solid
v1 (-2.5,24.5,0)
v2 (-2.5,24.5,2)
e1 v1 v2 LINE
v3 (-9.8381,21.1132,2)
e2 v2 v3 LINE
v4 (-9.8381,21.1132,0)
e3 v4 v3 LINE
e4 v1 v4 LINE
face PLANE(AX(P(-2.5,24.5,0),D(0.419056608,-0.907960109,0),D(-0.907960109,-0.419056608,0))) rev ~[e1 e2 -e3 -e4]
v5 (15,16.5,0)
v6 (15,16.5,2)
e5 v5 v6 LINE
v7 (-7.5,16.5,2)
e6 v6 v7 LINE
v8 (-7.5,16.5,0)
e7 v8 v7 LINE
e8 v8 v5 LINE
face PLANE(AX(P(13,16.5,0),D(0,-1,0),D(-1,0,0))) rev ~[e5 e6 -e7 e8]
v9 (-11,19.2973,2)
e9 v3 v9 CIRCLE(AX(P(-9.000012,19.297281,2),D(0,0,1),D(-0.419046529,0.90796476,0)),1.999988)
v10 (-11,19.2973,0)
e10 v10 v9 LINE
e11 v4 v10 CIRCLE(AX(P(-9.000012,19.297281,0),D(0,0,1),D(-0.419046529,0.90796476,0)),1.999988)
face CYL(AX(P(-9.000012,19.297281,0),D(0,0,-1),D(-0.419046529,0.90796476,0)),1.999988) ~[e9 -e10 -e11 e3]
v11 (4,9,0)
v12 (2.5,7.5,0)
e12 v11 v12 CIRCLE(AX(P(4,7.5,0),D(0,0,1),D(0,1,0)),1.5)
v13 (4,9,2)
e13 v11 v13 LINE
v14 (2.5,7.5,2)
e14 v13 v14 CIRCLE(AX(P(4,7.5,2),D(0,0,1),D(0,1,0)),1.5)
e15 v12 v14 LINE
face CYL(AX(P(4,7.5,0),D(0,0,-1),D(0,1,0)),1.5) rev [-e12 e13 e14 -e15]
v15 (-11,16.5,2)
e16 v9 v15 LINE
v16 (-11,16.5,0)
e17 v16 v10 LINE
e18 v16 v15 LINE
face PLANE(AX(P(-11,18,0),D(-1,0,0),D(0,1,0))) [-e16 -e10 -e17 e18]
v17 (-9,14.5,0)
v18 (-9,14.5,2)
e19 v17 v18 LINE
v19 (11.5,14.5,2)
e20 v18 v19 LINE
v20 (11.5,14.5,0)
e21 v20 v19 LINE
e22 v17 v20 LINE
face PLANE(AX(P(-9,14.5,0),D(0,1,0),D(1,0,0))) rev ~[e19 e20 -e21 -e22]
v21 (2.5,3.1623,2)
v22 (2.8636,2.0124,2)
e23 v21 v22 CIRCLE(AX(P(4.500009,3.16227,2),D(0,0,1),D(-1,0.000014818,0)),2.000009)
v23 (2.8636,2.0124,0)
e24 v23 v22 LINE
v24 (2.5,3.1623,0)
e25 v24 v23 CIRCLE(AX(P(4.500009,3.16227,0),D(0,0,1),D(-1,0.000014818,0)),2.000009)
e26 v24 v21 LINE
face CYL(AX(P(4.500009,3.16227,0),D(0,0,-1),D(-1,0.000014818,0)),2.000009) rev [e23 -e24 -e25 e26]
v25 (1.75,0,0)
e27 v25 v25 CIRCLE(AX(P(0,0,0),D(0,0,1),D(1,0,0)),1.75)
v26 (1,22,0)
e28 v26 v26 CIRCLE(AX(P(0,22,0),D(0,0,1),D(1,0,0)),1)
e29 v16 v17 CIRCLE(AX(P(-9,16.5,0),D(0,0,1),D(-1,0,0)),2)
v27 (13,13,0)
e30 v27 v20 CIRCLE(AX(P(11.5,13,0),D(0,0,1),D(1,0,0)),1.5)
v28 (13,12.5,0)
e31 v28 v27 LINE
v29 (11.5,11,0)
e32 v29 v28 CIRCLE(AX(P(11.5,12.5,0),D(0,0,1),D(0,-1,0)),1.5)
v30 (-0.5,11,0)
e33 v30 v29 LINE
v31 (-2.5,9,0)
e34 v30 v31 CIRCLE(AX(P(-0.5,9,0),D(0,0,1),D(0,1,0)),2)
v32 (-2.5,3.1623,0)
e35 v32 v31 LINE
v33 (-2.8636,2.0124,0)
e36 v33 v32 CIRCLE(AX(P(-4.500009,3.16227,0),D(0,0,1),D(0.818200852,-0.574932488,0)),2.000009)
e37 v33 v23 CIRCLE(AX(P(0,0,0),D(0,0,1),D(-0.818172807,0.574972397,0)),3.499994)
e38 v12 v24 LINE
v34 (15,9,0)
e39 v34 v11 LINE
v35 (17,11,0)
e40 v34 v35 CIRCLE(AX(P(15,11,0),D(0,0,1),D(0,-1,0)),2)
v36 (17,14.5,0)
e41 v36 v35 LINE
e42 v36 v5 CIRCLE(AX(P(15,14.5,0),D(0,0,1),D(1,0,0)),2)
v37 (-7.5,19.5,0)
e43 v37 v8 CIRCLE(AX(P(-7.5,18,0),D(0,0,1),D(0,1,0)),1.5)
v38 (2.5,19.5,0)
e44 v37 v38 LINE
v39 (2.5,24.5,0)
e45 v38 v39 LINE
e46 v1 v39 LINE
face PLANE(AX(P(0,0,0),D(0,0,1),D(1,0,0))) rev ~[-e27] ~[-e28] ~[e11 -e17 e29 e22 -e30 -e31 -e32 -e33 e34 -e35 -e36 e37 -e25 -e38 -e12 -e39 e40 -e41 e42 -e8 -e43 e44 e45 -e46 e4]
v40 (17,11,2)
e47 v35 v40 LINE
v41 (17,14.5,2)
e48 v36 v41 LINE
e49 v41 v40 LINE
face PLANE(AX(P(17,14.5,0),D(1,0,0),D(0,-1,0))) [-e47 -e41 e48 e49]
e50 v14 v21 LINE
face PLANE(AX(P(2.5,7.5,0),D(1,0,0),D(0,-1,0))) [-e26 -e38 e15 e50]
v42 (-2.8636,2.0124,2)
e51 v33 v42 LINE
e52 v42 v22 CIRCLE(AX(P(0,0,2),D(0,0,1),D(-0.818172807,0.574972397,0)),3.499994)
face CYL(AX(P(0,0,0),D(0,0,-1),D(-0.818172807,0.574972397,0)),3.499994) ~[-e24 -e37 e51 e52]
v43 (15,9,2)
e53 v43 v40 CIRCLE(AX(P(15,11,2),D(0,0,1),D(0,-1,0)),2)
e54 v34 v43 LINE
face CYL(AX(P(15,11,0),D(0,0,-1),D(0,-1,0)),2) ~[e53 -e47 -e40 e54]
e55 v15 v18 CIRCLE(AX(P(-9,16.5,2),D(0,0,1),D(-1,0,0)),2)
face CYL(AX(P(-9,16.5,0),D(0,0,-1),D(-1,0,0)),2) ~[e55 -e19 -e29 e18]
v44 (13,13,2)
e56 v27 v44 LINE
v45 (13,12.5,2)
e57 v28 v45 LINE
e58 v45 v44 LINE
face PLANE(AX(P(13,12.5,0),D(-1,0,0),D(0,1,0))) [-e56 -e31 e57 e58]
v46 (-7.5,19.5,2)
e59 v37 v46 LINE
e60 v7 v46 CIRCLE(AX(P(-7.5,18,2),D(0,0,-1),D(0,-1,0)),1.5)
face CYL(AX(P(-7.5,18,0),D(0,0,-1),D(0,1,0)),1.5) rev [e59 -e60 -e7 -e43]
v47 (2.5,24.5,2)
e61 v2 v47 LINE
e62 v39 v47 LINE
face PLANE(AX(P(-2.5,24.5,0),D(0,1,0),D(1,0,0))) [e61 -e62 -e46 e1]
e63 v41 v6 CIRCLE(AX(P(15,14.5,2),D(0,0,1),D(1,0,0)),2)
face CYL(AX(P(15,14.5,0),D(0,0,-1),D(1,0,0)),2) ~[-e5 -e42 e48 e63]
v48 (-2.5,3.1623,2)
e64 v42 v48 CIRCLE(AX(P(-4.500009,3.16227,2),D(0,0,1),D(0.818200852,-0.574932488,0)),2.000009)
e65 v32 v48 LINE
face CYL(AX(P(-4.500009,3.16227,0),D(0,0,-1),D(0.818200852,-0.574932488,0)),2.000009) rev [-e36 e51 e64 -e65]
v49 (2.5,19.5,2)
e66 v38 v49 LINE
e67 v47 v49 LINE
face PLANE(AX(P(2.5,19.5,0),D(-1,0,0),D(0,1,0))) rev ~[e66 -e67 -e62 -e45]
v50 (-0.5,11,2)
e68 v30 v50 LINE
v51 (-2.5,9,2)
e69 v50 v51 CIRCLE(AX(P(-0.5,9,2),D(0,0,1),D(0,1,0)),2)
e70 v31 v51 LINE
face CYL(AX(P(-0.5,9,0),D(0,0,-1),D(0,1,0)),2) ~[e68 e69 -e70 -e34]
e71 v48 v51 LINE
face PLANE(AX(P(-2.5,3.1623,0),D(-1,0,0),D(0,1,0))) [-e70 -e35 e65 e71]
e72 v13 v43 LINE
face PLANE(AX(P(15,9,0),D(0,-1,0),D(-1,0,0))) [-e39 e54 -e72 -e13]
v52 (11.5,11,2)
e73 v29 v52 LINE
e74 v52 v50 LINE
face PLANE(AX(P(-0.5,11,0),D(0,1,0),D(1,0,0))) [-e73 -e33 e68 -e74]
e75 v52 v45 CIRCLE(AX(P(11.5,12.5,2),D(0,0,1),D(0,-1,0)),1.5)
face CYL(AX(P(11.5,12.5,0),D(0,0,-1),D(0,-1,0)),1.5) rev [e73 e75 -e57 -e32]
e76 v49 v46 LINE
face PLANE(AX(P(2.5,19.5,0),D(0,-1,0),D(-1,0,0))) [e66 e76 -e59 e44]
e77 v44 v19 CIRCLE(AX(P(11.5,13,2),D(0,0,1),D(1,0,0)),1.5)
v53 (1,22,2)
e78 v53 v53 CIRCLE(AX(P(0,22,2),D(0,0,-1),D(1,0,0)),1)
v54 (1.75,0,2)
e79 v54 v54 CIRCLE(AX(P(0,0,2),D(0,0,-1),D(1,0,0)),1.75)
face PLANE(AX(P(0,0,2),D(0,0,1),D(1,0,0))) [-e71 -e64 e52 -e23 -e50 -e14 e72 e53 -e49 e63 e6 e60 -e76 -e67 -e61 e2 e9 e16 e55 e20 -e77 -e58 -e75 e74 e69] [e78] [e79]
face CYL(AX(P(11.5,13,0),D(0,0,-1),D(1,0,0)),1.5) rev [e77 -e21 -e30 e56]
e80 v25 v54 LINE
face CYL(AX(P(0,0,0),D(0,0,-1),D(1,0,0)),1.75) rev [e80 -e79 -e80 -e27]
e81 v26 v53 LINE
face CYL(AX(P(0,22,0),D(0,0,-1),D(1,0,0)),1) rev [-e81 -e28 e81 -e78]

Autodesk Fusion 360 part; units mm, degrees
sketch "Sketch1" plane through (0, 0, 0) normal (0, 0, 1) x (1, 0, 0)
  line L0 (2.5, 19.5) -> (2.5, 24.5)
  line L1 (-8.5, 21.7171) -> (-8.5, 21.7081)
  line L2 (2.5, 19.5) -> (2.5, 24.5)
  circle A0 centre (0, 0) radius 1.75
  circle A1 centre (0, 22) radius 1
  line L3 (0, 19.5812) -> (0, -19.5812) construction
  line L4 (2.5, 0) -> (-2.5, 0)
  line L5 (-2.5, 3.1623) -> (-2.5, 9)
  line L6 (-0.5, 11) -> (2.5, 11)
  line L7 (2.5, 7.5) -> (2.5, 3.1623)
  line L8 (2.5, 0) -> (-2.5, 11) construction
  line L9 (-2.5, 0) -> (2.5, 11) construction
  line L10 (-0.5, 11) -> (11.5, 11)
  line L11 (17, 11) -> (17, 9)
  line L12 (15, 9) -> (4, 9)
  line L13 (-2.5, 9) -> (-2.5, 11)
  line L14 (17, 9) -> (13, 9)
  line L15 (13, 12.5) -> (13, 13)
  line L16 (13, 16.5) -> (17, 16.5)
  line L17 (17, 14.5) -> (17, 11)
  line L18 (15, 16.5) -> (-7.5, 16.5)
  line L19 (-9, 14.5) -> (11.5, 14.5)
  line L20 (17, 14.5) -> (17, 16.5)
  line L21 (2.5, 19.5) -> (-2.5, 19.5)
  line L22 (-2.5, 19.5) -> (-2.5, 24.5)
  line L23 (-2.5, 24.5) -> (2.5, 24.5)
  line L24 (2.5, 24.5) -> (2.5, 19.5)
  line L25 (2.5, 19.5) -> (-2.5, 24.5) construction
  line L26 (-2.5, 19.5) -> (2.5, 24.5) construction
  line L27 (2.5, 19.5) -> (-7.5, 19.5)
  line L28 (-2.5, 21.5) -> (2.5, 21.5)
  line L29 (2.5, 21.5) -> (2.5, 19.5)
  line L30 (-9, 18) -> (-11, 18)
  line L31 (-11, 16.5) -> (-11, 19.2973)
  line L32 (-2.5, 24.5) -> (-9.8381, 21.1132)
  arc A2 (-7.5, 19.5) -> (-9, 18) centre (-7.5, 18) ccw
  arc A3 (-9, 18) -> (-7.5, 16.5) centre (-7.5, 18) ccw
  arc A4 (13, 13) -> (11.5, 14.5) centre (11.5, 13) ccw
  arc A5 (11.5, 11) -> (13, 12.5) centre (11.5, 12.5) ccw
  arc A6 (4, 9) -> (2.5, 7.5) centre (4, 7.5) ccw
  arc A7 (-11, 16.5) -> (-9, 14.5) centre (-9, 16.5) ccw
  arc A8 (17, 14.5) -> (15, 16.5) centre (15, 14.5) ccw
  arc A9 (15, 9) -> (17, 11) centre (15, 11) ccw
  arc A10 (-9.8381, 21.1132) -> (-11, 19.2973) centre (-9, 19.2973) ccw
  arc A11 (-0.5, 11) -> (-2.5, 9) centre (-0.5, 9) ccw
  arc A12 (-0.9716, 3.3624) -> (-2.5, 2.4495) centre (0, 0) ccw
  arc A13 (-2.8636, 2.0124) -> (2.8636, 2.0124) centre (0, 0) ccw
  arc A14 (0.9716, 3.3624) -> (-0.9716, 3.3624) centre (0, 0) ccw
  arc A15 (2.5, 2.4495) -> (0.9716, 3.3624) centre (0, 0) ccw
  arc A16 (2.5, 3.1623) -> (2.8636, 2.0124) centre (4.5, 3.1623) ccw
  arc A17 (-2.8636, 2.0124) -> (-2.5, 3.1623) centre (-4.5, 3.1623) ccw
  point P0 (0, 5.5)
  point P1 (0, 5.5)
  point P2 (0, 22)
  dimension "d1" = 3.5
  dimension "d5" = 2
  dimension "d8" = 22
  dimension "d12" = 5
  dimension "d16" = 7
  dimension "d19" = 5
  dimension "d20" = 11
  dimension "d21" = 19.5
  dimension "d22" = 2
  dimension "d23" = 4
  dimension "d24" = 7.5
  dimension "d26" = 2
  dimension "d27" = 5
  dimension "d28" = 5
  dimension "d30" = 2
  dimension "d32" = 1.5
  dimension "d33" = 2
  dimension "d34" = 2
extrude "Extrude1" add sketch "Sketch1" along normal blind 2 contours L0 L2 A1 L21 L22 L24 L27 L28 L29 | L0 L2 A1 L22 L23 L24 L28 | L22 L27 L30 L31 L32 A2 A10 | L5 L6 L7 L10 L12 L14 L15 L16 L17 L18 L19 L30 L31 A3 A4 A5 A6 A7 A8 A9 A11 A13 A16 A17
